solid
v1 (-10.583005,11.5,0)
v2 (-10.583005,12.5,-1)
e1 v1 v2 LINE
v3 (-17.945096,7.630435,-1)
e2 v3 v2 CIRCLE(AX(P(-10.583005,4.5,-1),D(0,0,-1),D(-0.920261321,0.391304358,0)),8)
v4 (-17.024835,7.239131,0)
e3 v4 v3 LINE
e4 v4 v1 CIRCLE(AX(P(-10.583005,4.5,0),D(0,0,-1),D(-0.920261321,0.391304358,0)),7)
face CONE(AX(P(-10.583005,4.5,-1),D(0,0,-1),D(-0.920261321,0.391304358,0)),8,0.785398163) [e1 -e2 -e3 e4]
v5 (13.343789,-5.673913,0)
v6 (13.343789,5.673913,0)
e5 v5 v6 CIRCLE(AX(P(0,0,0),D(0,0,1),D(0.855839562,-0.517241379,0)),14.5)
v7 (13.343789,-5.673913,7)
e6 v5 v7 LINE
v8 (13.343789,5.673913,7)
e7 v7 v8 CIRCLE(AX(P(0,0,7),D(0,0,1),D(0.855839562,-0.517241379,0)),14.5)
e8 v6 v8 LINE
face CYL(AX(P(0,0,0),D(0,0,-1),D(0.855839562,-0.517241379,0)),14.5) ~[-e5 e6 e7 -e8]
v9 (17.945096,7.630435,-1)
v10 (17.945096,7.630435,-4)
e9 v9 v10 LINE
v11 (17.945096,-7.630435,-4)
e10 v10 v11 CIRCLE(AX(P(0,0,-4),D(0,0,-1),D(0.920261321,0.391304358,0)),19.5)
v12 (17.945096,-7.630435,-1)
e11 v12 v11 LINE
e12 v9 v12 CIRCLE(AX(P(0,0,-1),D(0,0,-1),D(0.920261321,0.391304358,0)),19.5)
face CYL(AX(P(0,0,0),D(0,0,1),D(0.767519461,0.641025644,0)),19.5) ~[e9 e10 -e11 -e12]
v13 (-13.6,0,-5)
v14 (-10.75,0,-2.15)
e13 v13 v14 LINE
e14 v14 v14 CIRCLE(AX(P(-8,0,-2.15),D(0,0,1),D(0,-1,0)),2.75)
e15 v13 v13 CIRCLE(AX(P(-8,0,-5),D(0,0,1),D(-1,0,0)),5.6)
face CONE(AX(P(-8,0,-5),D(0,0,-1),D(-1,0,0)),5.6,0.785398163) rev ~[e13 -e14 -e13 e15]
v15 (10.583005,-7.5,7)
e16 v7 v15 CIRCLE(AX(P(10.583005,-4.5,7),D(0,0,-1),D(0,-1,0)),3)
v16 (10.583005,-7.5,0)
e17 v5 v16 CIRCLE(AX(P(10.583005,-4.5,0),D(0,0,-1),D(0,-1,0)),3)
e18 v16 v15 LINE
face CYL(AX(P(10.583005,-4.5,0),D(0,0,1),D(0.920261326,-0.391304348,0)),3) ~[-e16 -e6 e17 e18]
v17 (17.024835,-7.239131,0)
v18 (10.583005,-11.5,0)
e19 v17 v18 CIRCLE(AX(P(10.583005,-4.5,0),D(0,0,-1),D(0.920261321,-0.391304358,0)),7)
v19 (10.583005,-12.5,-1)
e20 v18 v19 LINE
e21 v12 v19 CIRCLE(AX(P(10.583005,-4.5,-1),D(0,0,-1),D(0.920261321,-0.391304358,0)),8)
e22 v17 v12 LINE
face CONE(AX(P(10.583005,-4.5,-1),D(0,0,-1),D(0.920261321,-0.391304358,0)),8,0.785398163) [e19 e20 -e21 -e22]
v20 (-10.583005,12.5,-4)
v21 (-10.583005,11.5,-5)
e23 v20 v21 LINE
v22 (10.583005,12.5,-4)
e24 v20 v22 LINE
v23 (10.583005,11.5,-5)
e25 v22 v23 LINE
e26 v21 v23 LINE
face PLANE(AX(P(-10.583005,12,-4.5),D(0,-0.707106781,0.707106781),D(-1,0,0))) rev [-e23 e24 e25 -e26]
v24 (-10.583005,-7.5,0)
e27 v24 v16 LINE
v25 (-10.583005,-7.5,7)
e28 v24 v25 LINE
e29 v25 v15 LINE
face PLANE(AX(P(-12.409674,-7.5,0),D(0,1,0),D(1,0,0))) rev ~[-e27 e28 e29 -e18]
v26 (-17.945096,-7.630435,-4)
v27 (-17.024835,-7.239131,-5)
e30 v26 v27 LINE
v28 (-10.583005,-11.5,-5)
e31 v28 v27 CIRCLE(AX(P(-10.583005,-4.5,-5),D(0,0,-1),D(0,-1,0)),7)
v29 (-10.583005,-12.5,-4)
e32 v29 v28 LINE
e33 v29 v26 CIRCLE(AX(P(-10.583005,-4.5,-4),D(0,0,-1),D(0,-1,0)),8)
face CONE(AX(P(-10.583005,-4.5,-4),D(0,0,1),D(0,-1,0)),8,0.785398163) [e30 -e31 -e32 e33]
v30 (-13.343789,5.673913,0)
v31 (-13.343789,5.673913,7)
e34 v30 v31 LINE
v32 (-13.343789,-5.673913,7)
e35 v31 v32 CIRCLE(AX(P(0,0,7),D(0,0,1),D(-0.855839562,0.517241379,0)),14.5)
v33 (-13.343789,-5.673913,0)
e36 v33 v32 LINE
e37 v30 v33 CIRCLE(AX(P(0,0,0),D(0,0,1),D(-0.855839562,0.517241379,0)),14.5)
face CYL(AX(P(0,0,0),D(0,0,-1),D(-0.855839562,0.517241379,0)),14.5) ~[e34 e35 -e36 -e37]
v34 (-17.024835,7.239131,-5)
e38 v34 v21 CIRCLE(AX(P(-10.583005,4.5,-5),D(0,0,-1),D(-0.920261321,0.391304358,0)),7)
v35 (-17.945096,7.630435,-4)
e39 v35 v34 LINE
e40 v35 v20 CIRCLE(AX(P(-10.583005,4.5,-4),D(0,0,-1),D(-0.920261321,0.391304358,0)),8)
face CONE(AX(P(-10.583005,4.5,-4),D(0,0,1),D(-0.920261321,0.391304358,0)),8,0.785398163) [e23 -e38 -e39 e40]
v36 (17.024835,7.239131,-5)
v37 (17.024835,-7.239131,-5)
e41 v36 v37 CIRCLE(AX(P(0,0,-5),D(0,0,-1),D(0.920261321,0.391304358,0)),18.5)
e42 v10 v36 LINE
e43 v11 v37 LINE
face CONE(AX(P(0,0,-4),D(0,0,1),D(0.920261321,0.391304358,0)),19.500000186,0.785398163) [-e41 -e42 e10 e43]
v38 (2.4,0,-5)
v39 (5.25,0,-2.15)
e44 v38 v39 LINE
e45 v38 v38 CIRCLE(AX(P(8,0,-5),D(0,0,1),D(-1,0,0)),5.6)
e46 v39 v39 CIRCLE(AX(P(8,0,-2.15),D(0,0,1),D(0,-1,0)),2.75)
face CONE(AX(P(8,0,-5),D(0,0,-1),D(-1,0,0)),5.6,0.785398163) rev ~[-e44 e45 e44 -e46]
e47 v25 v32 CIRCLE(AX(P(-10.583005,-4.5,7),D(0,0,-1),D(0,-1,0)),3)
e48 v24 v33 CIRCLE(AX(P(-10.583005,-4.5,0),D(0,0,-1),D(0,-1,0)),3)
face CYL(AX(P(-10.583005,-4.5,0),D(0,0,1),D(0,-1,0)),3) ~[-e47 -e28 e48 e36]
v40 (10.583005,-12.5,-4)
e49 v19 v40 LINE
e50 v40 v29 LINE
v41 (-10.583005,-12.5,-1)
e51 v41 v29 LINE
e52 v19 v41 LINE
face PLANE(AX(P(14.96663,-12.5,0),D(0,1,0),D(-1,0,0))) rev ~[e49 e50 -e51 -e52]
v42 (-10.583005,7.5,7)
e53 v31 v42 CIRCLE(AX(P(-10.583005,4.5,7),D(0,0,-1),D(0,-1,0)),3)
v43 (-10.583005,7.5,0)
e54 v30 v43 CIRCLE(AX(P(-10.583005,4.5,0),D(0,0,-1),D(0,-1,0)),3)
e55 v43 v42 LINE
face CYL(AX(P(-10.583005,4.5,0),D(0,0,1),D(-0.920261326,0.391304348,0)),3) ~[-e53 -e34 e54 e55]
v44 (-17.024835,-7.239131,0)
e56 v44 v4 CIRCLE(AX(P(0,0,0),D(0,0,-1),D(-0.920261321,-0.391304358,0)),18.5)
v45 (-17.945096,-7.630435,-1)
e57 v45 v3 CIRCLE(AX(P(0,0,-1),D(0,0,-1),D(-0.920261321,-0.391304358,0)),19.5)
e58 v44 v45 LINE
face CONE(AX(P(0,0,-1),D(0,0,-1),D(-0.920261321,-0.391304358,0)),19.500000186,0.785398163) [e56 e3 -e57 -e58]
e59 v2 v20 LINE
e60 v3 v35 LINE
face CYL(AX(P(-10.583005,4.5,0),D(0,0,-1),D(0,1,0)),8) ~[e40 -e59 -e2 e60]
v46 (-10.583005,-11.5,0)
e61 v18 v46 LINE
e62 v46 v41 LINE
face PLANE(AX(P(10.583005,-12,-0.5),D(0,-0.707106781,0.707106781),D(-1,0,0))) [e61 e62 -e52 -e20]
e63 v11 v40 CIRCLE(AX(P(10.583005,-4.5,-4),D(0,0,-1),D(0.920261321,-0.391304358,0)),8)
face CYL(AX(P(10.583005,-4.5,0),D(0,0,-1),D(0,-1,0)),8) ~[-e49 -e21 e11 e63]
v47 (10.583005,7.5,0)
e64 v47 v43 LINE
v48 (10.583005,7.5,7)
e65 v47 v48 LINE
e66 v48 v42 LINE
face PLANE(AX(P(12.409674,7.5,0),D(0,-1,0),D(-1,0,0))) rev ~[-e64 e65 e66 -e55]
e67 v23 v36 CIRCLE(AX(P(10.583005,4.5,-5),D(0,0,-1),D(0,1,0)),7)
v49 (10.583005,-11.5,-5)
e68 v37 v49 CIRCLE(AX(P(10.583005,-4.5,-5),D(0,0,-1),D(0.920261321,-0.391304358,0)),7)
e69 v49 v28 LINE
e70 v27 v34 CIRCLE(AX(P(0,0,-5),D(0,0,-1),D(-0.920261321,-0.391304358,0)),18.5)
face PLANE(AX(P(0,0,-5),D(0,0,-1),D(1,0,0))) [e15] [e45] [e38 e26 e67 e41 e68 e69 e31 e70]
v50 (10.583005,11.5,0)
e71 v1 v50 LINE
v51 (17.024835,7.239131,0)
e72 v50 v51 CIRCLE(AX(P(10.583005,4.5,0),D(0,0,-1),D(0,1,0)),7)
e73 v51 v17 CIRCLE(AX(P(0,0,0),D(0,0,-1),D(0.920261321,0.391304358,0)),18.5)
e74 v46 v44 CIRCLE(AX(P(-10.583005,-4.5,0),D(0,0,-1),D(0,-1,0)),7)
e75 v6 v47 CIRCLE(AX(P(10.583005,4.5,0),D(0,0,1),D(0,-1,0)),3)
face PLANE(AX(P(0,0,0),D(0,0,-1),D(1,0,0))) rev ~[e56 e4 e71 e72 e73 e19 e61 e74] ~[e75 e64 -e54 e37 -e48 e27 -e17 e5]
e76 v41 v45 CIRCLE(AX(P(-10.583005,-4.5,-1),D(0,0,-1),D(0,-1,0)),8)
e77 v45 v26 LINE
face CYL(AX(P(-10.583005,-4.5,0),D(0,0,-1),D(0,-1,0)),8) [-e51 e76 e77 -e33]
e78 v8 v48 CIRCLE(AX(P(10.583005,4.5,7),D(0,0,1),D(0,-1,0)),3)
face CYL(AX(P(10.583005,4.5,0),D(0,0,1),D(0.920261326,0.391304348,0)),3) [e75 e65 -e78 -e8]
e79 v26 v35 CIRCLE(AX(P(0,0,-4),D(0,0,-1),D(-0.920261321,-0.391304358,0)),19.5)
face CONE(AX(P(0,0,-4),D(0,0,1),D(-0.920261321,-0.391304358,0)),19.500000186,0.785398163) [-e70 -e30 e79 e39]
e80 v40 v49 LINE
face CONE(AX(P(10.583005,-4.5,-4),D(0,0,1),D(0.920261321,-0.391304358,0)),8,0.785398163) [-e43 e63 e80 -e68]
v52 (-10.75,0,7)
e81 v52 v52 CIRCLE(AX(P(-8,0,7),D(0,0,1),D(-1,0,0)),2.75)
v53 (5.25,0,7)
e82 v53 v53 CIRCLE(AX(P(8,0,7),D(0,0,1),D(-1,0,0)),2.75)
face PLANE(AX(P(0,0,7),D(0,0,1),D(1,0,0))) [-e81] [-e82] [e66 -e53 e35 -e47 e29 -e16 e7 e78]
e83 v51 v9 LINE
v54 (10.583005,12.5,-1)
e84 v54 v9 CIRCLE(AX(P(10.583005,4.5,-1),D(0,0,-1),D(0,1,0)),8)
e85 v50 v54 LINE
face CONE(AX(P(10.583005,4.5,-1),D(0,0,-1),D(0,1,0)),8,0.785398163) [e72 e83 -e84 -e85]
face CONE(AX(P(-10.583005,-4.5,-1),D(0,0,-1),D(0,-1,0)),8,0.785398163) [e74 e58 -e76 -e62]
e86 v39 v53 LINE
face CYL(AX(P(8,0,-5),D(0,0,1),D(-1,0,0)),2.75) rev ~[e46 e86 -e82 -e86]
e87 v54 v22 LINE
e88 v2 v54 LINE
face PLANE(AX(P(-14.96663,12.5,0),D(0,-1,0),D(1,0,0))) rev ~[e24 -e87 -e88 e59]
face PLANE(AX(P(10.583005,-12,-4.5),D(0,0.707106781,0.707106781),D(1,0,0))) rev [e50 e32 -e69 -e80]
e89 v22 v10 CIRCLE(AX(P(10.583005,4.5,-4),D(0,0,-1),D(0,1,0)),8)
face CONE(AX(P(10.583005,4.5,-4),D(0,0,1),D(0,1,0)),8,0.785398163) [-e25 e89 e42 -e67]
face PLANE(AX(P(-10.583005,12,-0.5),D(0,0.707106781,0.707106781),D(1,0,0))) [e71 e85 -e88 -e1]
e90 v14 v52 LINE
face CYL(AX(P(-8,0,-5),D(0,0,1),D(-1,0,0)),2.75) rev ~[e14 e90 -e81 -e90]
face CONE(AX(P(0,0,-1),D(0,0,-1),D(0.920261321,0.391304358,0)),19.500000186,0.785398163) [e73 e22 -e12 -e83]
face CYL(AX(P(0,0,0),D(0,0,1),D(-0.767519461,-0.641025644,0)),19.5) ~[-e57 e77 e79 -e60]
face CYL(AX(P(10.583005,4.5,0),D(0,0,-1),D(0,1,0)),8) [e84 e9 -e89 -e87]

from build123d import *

# Parameters (mm, degrees)
F1_DEPTH       = 7
F3_DEPTH       = 5
F5_D           = 5.5
F5_CSINK_D     = 11.2
F5_CSINK_ANGLE = 90
F6_R           = 8
F7_R           = 3
F8_SIZE        = 1


with BuildPart() as f1:
    # F0 (on Top) → F1 (new body)
    with BuildSketch(Plane.XY):
        with BuildLine():
            Line((12.409673646, 7.5), (-12.409673646, 7.5))
            ThreePointArc((-12.409673646, 7.5), (-14.5, 0), (-12.409673646, -7.5))
            Line((-12.409673646, -7.5), (12.409673646, -7.5))
            ThreePointArc((12.409673646, -7.5), (14.5, 0), (12.409673646, 7.5))
        make_face()
    extrude(amount=F1_DEPTH)

    # F2 (on face) → F3 (join)
    with BuildSketch(Plane(origin=(0, 0, 0), x_dir=(1, 0, 0), z_dir=(0, 0, -1))):
        with BuildLine():
            Line((14.9666296342, 12.5000001863), (-14.9666296342, 12.5000001863))
            ThreePointArc((-14.9666296342, 12.5000001863), (-19.5000001863, 0), (-14.9666296342, -12.5000001863))
            Line((-14.9666296342, -12.5000001863), (14.9666296342, -12.5000001863))
            ThreePointArc((14.9666296342, -12.5000001863), (19.5000001863, 0), (14.9666296342, 12.5000001863))
        make_face()
        with BuildLine():
            Line((-12.409673646, 7.5), (12.409673646, 7.5))
            ThreePointArc((12.409673646, 7.5), (14.5, 0), (12.409673646, -7.5))
            Line((12.409673646, -7.5), (-12.409673646, -7.5))
            ThreePointArc((-12.409673646, -7.5), (-14.5, 0), (-12.409673646, 7.5))
        make_face(mode=Mode.SUBTRACT)
        with BuildLine():
            ThreePointArc((12.409673646, -7.5), (14.5, 0), (12.409673646, 7.5))
            Line((12.409673646, 7.5), (-12.409673646, 7.5))
            ThreePointArc((-12.409673646, 7.5), (-14.5, 0), (-12.409673646, -7.5))
            Line((-12.409673646, -7.5), (12.409673646, -7.5))
        make_face()
    extrude(amount=F3_DEPTH)

    # F5 (through all)
    with Locations(Plane(origin=(0, 0, -5), x_dir=(1, 0, 0), z_dir=(0, 0, -1))):
        with Locations((-8, 0), (8, 0)):
            CounterSinkHole(F5_D / 2, F5_CSINK_D / 2, counter_sink_angle=F5_CSINK_ANGLE)

    # F6
    f6_edges = [f1.edges().sort_by_distance(p)[0] for p in [
        (14.96663, -12.5, -2.5),
        (14.96663, 12.5, -2.5),
        (-14.96663, 12.5, -2.5),
        (-14.96663, -12.5, -2.5),
    ]]
    fillet(f6_edges, radius=F6_R)

    # F7
    f7_edges = [f1.edges().sort_by_distance(p)[0] for p in [
        (12.409674, -7.5, 3.5),
        (12.409674, 7.5, 3.5),
        (-12.409674, 7.5, 3.5),
        (-12.409674, -7.5, 3.5),
    ]]
    fillet(f7_edges, radius=F7_R)

    # F8
    f8_edges = [f1.edges().sort_by_distance(p)[0] for p in [
        (0, -12.5, -5),
        (-19.5, 0, -5),
        (0, 12.5, -5),
        (19.5, 0, -5),
        (19.5, 0, 0),
        (0, -12.5, 0),
        (-19.5, 0, 0),
        (0, 12.5, 0),
    ]]
    chamfer(f8_edges, length=F8_SIZE)


solid = f1.part
